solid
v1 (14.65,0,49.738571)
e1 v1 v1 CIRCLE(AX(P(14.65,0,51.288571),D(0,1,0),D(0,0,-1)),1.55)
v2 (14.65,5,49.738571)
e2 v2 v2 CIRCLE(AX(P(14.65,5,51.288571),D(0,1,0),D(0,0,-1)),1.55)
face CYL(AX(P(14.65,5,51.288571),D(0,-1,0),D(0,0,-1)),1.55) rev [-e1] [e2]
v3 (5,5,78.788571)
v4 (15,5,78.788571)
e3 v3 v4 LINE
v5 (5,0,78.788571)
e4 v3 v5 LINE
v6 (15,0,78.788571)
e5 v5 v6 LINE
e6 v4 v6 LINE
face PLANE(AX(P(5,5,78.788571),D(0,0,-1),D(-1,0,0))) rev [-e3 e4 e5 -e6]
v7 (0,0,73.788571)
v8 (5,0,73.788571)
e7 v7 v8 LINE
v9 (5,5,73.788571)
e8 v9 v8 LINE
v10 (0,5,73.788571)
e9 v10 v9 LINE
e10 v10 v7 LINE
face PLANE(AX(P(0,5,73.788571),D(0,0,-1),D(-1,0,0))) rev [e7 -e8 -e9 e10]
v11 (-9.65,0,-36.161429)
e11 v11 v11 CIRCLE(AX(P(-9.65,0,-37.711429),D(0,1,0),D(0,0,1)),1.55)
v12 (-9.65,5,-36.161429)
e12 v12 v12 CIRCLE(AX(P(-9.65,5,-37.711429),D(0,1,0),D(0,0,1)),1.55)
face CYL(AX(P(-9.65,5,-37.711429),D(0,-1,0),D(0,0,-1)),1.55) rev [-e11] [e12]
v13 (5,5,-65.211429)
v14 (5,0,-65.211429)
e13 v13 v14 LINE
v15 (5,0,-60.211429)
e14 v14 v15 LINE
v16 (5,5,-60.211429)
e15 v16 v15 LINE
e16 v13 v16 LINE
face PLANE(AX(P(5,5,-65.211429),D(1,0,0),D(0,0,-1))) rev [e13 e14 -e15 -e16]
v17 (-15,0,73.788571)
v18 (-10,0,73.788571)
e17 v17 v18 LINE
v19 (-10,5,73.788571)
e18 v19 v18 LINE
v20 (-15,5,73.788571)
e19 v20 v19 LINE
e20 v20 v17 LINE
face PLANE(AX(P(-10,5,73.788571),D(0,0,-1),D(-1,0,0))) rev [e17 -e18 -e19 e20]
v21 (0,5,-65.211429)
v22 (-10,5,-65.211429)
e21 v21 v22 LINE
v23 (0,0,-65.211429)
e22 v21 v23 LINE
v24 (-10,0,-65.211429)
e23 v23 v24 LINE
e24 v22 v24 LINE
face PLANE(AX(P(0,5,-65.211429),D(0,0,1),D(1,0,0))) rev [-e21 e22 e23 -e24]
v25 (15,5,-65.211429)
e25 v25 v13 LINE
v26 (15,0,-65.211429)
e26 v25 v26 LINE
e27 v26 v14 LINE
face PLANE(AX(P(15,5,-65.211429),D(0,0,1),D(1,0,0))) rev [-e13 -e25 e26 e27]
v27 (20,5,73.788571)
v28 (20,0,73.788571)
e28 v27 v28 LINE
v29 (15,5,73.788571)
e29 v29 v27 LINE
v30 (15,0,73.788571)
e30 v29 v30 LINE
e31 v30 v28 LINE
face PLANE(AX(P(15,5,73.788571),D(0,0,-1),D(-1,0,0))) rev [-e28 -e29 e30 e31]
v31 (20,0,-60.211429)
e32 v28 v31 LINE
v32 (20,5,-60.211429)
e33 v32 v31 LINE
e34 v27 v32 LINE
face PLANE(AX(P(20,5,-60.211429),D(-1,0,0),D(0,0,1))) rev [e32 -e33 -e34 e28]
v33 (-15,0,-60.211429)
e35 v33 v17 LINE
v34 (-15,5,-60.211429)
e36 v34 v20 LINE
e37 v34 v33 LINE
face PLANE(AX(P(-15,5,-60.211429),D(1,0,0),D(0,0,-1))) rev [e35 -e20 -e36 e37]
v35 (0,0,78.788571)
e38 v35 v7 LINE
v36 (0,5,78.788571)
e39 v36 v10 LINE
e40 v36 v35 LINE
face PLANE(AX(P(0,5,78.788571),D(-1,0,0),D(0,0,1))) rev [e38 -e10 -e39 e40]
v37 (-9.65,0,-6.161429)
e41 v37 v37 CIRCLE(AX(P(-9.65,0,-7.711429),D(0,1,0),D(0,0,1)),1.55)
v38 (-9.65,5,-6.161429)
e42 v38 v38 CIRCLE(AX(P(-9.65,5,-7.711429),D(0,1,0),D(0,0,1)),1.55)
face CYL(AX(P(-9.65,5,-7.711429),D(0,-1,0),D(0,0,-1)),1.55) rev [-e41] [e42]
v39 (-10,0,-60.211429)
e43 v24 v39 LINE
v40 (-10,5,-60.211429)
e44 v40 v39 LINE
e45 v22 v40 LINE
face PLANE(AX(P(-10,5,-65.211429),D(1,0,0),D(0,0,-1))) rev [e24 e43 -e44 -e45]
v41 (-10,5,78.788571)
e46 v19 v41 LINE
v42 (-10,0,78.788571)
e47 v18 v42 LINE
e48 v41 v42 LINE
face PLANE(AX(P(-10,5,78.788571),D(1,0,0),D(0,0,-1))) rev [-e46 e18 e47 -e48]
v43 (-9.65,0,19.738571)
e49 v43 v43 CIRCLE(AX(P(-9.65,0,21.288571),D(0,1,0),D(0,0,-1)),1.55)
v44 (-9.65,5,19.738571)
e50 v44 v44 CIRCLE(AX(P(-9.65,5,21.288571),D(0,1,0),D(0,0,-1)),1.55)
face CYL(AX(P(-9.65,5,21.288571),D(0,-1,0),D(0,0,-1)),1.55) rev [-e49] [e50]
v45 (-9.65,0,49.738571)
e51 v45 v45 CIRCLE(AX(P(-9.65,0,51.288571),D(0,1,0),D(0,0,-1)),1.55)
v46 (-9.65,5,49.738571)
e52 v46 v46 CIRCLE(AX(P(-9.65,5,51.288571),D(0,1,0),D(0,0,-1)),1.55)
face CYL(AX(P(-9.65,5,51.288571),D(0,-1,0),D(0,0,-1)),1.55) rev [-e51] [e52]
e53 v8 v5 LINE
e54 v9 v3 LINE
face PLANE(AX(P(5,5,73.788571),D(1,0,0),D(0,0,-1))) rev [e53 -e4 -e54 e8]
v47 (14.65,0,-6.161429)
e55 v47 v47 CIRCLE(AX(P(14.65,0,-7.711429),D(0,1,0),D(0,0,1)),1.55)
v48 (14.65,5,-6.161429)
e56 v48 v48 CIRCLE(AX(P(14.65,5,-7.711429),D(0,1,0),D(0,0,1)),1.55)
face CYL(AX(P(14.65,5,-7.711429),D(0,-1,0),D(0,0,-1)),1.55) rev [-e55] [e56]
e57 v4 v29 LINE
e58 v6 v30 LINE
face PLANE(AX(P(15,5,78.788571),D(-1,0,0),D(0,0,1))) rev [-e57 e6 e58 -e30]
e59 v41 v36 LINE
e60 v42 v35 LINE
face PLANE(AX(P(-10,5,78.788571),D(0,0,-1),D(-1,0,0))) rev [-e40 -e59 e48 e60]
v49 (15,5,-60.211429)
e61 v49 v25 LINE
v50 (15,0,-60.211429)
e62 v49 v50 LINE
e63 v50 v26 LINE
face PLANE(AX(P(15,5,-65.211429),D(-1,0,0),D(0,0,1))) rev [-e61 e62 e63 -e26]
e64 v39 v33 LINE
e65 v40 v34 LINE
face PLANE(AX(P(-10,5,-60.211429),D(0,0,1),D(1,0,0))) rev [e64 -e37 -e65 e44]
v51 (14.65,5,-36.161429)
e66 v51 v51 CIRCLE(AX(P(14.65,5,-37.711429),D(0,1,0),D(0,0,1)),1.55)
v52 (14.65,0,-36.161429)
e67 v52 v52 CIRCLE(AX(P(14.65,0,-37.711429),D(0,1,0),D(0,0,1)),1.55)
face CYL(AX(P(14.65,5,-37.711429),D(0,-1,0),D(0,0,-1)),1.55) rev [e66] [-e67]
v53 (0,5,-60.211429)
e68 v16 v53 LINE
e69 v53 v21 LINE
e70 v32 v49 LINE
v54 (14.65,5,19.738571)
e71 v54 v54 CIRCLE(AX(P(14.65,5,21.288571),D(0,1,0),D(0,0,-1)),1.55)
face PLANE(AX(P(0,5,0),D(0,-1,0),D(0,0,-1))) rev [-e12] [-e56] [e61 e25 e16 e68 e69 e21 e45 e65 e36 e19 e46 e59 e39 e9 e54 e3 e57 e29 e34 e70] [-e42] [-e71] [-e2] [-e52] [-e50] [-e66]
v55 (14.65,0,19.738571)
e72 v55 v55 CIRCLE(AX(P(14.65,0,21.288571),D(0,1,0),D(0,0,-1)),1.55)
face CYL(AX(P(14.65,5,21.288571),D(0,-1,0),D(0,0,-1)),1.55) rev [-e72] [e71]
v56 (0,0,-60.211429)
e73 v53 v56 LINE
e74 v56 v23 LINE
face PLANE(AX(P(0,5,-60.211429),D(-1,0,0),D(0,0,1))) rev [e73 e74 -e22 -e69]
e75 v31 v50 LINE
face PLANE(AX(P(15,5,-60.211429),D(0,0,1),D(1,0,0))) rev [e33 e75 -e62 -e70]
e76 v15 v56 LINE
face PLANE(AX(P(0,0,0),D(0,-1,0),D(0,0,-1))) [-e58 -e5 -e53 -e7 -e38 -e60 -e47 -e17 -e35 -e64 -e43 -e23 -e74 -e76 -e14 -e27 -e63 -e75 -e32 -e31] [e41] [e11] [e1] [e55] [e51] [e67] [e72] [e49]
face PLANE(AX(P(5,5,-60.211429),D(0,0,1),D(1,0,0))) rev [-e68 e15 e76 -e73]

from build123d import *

# Parameters (mm, degrees)
SKETCH1_R           = 1.55
BOSS_EXTRUDE1_DEPTH = 5


with BuildPart() as part:
    # Sketch1 → Boss-Extrude1 (new body)
    with BuildSketch(Plane(origin=(0, 0, 0), x_dir=(1, 0, 0), z_dir=(0, 1, 0))):
        Polygon((-10, -78.788571429), (0, -78.788571429), (0, -73.788571429), (5, -73.788571429), (5, -78.788571429), (15, -78.788571429), (15, -73.788571429), (20, -73.788571429), (20, 60.211428571), (15, 60.211428571), (15, 65.211428571), (5, 65.211428571), (5, 60.211428571), (0, 60.211428571), (0, 65.211428571), (-10, 65.211428571), (-10, 60.211428571), (-15, 60.211428571), (-15, -73.788571429), (-10, -73.788571429), align=None)
        with Locations(Location((14.65, 37.711428571, 0), (0, 0, 270))):
            Circle(SKETCH1_R, mode=Mode.SUBTRACT)
        with Locations(Location((14.65, 7.711428571, 0), (0, 0, 270))):
            Circle(SKETCH1_R, mode=Mode.SUBTRACT)
        with Locations(Location((-9.65, 37.711428571, 0), (0, 0, 270))):
            Circle(SKETCH1_R, mode=Mode.SUBTRACT)
        with Locations(Location((-9.65, 7.711428571, 0), (0, 0, 270))):
            Circle(SKETCH1_R, mode=Mode.SUBTRACT)
        with Locations(Location((-9.65, -21.288571429, 0), (0, 0, 90))):
            Circle(SKETCH1_R, mode=Mode.SUBTRACT)
        with Locations(Location((-9.65, -51.288571429, 0), (0, 0, 90))):
            Circle(SKETCH1_R, mode=Mode.SUBTRACT)
        with Locations(Location((14.65, -21.288571429, 0), (0, 0, 90))):
            Circle(SKETCH1_R, mode=Mode.SUBTRACT)
        with Locations(Location((14.65, -51.288571429, 0), (0, 0, 90))):
            Circle(SKETCH1_R, mode=Mode.SUBTRACT)
    extrude(amount=BOSS_EXTRUDE1_DEPTH)


solid = part.part
